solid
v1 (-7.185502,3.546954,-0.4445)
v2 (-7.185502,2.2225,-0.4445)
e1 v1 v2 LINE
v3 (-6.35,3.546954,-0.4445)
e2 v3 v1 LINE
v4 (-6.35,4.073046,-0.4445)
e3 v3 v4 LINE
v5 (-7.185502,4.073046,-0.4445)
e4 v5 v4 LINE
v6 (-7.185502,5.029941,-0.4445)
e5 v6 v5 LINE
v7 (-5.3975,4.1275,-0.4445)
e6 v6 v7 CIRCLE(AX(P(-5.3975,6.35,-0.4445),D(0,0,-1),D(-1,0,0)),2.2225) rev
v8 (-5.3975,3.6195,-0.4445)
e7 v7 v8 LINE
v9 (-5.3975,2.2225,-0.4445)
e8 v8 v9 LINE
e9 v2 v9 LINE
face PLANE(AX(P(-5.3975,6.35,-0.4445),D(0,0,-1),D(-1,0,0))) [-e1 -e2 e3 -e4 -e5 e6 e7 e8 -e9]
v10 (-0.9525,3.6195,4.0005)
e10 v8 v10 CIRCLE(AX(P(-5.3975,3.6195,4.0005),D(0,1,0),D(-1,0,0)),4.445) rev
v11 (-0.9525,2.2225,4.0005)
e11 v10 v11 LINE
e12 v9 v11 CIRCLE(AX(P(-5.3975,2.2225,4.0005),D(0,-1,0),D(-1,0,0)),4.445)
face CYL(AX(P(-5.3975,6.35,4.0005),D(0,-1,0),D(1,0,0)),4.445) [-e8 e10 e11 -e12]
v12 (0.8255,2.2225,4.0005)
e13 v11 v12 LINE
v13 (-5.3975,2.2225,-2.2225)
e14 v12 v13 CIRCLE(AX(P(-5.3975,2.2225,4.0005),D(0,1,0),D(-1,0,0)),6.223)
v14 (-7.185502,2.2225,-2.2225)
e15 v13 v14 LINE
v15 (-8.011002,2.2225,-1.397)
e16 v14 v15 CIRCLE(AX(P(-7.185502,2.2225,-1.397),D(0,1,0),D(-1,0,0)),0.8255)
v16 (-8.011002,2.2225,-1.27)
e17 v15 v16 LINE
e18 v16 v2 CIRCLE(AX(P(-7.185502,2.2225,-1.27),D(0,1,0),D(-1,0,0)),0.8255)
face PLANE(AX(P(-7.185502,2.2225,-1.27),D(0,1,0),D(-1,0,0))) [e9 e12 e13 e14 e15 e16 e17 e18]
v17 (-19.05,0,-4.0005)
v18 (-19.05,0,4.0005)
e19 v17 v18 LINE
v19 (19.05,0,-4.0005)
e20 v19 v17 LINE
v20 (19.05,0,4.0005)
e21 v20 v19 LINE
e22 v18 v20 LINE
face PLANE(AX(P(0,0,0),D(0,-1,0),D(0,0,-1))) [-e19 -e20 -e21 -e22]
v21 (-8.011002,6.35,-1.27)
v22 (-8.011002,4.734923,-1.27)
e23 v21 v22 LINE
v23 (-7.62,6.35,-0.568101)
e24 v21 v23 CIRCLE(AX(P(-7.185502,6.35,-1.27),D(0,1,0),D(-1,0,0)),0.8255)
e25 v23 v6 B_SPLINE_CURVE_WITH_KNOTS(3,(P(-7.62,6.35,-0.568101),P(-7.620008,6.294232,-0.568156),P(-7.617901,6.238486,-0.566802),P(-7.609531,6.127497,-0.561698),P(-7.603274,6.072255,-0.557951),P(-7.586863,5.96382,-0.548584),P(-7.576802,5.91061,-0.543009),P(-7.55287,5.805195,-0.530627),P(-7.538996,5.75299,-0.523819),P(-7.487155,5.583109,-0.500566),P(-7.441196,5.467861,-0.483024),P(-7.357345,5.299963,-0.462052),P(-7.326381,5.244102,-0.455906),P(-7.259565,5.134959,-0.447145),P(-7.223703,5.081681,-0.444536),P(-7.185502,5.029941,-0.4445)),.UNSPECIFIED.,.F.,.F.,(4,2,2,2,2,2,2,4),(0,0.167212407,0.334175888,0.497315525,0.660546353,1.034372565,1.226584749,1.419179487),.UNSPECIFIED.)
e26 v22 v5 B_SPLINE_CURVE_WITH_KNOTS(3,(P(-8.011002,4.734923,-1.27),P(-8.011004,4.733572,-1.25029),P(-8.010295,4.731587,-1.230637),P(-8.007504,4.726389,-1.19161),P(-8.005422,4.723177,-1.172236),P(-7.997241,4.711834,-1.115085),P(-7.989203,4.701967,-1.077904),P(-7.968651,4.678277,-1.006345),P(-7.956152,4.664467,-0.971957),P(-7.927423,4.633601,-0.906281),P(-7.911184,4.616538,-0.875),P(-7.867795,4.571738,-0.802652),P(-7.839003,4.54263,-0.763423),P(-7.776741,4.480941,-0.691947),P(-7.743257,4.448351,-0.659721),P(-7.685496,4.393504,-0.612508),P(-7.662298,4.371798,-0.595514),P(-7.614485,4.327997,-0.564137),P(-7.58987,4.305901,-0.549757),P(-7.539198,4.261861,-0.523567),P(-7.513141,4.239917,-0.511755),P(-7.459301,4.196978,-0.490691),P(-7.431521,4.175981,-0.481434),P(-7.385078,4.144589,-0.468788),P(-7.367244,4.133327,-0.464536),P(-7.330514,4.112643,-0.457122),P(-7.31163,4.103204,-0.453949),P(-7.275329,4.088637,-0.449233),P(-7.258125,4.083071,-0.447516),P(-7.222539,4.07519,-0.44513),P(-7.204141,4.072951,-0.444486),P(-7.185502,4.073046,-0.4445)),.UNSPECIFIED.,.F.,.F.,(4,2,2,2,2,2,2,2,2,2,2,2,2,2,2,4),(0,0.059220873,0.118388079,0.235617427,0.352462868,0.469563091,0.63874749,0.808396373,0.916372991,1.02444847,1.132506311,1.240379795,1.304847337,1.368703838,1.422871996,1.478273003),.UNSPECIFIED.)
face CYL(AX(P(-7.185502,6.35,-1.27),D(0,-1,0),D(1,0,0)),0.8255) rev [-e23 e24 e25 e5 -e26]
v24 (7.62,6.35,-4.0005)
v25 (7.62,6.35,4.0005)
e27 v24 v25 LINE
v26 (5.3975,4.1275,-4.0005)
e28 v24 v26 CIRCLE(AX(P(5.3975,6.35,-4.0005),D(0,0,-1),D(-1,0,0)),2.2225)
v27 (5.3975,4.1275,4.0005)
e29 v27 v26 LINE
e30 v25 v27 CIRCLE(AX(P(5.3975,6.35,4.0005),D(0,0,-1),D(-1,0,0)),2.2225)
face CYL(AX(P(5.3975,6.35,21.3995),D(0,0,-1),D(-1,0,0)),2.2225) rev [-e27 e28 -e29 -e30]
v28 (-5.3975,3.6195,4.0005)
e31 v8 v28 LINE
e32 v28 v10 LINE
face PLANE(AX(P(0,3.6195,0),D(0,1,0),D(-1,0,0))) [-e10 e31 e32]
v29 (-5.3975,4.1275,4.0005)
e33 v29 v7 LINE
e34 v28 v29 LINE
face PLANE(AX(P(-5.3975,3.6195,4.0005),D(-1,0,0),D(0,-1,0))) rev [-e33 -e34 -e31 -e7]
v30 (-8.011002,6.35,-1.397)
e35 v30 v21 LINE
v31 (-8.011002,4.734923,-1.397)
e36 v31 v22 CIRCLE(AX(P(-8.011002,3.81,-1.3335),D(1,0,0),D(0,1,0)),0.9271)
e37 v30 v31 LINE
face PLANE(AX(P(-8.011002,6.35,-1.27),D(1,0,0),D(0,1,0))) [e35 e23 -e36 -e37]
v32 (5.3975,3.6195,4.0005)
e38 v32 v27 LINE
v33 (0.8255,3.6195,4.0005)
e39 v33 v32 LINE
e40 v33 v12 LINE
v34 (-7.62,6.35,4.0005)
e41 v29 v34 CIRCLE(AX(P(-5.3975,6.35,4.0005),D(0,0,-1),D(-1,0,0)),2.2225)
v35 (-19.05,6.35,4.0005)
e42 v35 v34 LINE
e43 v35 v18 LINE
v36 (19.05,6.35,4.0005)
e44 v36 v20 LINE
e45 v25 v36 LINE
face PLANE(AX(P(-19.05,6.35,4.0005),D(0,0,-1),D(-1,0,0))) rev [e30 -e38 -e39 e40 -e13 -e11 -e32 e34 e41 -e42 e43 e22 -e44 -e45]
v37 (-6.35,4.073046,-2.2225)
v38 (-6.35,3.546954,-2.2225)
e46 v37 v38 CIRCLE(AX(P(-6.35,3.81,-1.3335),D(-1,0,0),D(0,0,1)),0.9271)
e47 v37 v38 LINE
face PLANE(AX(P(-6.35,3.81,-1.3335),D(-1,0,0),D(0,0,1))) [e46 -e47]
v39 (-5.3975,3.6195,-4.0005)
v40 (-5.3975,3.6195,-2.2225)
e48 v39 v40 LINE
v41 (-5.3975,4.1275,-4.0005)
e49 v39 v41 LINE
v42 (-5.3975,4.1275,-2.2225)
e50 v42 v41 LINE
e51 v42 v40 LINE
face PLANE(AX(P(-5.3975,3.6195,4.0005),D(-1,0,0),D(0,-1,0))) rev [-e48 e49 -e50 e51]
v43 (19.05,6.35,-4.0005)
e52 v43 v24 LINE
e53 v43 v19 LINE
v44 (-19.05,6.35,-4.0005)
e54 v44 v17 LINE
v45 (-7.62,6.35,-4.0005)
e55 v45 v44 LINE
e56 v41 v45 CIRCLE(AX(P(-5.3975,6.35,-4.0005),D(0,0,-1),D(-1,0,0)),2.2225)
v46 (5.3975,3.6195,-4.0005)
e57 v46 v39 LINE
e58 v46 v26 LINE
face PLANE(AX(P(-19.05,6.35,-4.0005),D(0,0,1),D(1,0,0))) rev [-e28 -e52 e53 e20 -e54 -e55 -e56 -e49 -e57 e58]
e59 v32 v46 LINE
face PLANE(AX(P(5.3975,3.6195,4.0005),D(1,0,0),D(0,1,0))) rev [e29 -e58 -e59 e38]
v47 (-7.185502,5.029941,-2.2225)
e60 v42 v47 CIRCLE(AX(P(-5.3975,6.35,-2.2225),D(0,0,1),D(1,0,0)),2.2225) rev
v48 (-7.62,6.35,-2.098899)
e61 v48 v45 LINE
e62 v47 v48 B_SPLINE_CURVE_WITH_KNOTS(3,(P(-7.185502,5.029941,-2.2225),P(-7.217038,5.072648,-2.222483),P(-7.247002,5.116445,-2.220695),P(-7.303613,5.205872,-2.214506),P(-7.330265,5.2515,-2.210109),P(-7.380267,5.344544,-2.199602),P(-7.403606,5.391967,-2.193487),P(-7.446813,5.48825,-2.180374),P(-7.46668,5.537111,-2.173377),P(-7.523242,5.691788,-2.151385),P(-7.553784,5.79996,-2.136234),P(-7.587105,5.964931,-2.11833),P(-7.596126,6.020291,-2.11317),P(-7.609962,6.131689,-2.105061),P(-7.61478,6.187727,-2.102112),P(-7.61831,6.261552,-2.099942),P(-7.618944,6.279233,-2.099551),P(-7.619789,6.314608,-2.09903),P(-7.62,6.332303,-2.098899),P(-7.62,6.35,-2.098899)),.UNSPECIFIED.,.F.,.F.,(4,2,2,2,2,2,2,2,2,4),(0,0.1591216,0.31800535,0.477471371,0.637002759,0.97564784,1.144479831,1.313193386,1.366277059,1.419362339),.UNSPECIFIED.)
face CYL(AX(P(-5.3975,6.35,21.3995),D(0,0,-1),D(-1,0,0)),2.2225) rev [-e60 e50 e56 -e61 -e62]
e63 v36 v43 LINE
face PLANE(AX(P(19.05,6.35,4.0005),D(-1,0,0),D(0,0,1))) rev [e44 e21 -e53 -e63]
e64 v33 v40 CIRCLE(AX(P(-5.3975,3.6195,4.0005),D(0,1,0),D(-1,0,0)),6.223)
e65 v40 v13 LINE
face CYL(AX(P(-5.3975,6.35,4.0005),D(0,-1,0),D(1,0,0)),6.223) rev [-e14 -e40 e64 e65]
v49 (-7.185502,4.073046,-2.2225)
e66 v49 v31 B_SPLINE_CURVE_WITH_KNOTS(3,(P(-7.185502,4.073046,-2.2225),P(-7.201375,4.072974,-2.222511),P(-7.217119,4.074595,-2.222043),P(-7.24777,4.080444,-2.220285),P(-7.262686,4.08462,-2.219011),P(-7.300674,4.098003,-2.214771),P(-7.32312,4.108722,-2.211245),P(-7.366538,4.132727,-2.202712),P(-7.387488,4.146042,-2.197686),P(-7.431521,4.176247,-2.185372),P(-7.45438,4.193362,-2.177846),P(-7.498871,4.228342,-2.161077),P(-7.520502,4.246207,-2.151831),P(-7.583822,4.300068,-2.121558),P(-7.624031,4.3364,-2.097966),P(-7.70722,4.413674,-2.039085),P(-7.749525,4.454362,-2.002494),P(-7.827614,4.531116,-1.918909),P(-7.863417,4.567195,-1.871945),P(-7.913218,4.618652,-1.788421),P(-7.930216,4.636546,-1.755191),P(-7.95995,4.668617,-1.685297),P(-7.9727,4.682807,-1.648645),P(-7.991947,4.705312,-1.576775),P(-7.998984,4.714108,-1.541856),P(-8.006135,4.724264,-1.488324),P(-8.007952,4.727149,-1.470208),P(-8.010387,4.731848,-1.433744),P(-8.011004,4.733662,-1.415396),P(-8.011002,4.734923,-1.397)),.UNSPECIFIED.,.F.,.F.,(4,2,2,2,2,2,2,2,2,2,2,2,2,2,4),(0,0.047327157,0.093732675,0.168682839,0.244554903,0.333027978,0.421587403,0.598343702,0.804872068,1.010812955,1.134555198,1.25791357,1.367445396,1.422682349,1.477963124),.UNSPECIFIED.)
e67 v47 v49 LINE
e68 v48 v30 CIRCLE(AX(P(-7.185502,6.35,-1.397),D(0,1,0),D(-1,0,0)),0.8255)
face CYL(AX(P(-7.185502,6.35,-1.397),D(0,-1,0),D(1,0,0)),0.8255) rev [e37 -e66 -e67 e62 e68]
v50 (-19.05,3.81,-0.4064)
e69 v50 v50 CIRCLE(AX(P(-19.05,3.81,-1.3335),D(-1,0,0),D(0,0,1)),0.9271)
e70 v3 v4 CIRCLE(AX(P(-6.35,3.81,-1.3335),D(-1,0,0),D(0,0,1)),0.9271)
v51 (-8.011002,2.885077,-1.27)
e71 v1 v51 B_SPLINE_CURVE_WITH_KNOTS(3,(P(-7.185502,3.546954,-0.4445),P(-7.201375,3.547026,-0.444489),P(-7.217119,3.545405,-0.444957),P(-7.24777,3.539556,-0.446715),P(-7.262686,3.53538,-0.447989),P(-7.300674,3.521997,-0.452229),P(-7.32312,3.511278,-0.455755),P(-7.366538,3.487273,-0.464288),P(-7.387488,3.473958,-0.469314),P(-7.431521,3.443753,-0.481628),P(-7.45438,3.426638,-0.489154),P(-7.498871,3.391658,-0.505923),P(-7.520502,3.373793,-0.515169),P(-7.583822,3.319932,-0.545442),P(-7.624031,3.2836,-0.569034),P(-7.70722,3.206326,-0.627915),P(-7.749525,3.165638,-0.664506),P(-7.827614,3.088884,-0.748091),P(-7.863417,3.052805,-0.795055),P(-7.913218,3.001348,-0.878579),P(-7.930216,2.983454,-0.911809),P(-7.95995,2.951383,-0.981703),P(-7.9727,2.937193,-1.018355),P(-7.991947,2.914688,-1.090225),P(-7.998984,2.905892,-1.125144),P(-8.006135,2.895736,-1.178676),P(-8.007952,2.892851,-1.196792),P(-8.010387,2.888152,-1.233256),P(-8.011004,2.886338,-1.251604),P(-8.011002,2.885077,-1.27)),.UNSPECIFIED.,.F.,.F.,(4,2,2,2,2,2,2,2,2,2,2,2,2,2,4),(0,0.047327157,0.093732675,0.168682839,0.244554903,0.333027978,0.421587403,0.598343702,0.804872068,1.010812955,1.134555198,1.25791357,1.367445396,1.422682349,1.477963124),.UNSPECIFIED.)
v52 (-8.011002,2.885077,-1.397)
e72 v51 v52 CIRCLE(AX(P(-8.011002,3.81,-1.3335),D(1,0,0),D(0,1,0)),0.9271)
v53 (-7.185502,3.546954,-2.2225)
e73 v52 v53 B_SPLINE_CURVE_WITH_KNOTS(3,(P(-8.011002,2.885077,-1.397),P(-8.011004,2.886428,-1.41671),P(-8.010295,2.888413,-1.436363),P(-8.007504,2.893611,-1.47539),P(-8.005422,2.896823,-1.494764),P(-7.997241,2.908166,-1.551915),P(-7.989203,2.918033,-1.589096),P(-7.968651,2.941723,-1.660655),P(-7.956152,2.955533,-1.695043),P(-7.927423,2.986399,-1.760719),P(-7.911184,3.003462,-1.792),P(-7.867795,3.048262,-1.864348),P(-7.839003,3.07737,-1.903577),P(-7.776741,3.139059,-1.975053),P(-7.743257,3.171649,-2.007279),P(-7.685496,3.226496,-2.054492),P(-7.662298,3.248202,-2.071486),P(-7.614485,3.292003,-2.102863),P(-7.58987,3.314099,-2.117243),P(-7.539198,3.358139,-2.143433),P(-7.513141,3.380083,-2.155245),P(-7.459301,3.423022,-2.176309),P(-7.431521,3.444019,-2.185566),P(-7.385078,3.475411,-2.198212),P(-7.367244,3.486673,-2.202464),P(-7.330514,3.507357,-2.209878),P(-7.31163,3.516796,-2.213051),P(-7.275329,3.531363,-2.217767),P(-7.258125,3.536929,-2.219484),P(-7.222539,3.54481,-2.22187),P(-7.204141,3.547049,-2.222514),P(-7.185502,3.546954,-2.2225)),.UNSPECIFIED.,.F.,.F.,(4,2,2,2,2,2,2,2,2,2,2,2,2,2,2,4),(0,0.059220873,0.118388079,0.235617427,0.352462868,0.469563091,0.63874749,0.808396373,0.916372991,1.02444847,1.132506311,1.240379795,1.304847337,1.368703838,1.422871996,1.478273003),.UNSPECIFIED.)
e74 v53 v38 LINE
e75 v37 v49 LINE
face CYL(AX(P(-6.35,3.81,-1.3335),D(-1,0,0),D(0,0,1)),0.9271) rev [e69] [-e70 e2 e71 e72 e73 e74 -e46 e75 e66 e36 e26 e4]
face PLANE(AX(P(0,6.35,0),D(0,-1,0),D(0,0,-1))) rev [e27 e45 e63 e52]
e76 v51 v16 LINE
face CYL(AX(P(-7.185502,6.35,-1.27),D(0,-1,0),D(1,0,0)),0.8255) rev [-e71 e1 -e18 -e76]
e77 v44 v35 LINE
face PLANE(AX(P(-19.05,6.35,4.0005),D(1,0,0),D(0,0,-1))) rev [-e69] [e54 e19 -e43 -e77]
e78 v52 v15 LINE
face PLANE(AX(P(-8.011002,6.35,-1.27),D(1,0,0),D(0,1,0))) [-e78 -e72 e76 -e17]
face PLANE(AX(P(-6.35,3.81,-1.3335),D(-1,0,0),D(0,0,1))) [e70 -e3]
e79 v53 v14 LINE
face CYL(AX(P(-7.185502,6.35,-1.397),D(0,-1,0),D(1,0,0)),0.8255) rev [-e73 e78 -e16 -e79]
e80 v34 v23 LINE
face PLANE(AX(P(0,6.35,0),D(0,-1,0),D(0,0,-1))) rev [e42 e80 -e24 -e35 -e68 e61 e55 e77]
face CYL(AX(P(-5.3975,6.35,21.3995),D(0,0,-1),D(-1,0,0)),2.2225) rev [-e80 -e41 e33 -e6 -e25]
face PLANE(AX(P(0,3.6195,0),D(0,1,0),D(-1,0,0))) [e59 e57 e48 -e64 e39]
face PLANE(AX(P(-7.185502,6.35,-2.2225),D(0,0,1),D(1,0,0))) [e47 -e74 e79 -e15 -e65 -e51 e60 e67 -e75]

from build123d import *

# Parameters (mm, degrees)
SKETCH1_W               = 38.1
SKETCH1_H               = 8.001
BOSS_EXTRUDE1_DEPTH     = 6.35
CUT_EXTRUDE1_DEPTH      = 25.4
CUT_EXTRUDE2_DEPTH      = 20.898310393
CUT_EXTRUDE2_DEPTH_BACK = 1.905
CUT_EXTRUDE3_START      = -38.1
SKETCH5_R               = 0.9271
CUT_EXTRUDE3_DEPTH      = 12.7
SKETCH6_W               = 10.795
SKETCH6_H               = 8.001
CUT_EXTRUDE4_DEPTH      = 0.508


with BuildPart() as part:
    # Sketch1 → Boss-Extrude1 (new body)
    with BuildSketch(Plane(origin=(0, 0, 0), x_dir=(1, 0, 0), z_dir=(0, 1, 0))):
        Rectangle(SKETCH1_W, SKETCH1_H)
    extrude(amount=BOSS_EXTRUDE1_DEPTH)

    # Sketch2 → Cut-Extrude1 (cut)
    with BuildSketch(Plane(origin=(0, 0, -4.0005), x_dir=(-1, 0, 0), z_dir=(0, 0, -1))):
        with BuildLine():
            Line((5.3975, 4.1275), (-5.3975, 4.1275))
            ThreePointArc((-5.3975, 4.1275), (-7.62, 6.35), (-5.3975, 8.5725))
            Line((-5.3975, 8.5725), (5.3975, 8.5725))
            ThreePointArc((5.3975, 8.5725), (7.62, 6.35), (5.3975, 4.1275))
        make_face()
    extrude(amount=-CUT_EXTRUDE1_DEPTH, mode=Mode.SUBTRACT)

    # Sketch4 → Cut-Extrude2 (cut, two sides: drawn at the far end of the back side and taken through both)
    with BuildSketch(Plane(origin=(0, 4.1275, 0), x_dir=(1, 0, 0), z_dir=(0, 1, 0)).offset(-CUT_EXTRUDE2_DEPTH_BACK)):
        with BuildLine():
            Line((0.8255, -4.0005), (-0.9525, -4.0005))
            ThreePointArc((-0.9525, -4.0005), (-2.254410358, -0.857410358), (-5.3975, 0.4445))
            Line((-5.3975, 0.4445), (-7.185501788, 0.4445))
            ThreePointArc((-7.185501788, 0.4445), (-7.769218436, 0.686283352), (-8.011001788, 1.27))
            Line((-8.011001788, 1.27), (-8.011001788, 1.397))
            ThreePointArc((-8.011001788, 1.397), (-7.769218436, 1.980716648), (-7.185501788, 2.2225))
            Line((-7.185501788, 2.2225), (-5.3975, 2.2225))
            ThreePointArc((-5.3975, 2.2225), (-0.997174501, 0.399825499), (0.8255, -4.0005))
        make_face()
    extrude(amount=CUT_EXTRUDE2_DEPTH + CUT_EXTRUDE2_DEPTH_BACK, mode=Mode.SUBTRACT)

    # Sketch5 → Cut-Extrude3 (cut)
    with BuildSketch(Plane(origin=(19.05, 0, 0), x_dir=(0, 0, -1), z_dir=(1, 0, 0)).offset(CUT_EXTRUDE3_START)):
        with Locations(Location((1.3335, 3.81, 0), (0, 0, 180))):
            Circle(SKETCH5_R)
    extrude(amount=CUT_EXTRUDE3_DEPTH, mode=Mode.SUBTRACT)

    # Sketch6 → Cut-Extrude4 (cut)
    with BuildSketch(Plane(origin=(0, 4.1275, 0), x_dir=(1, 0, 0), z_dir=(0, 1, 0))):
        Rectangle(SKETCH6_W, SKETCH6_H)
    extrude(amount=-CUT_EXTRUDE4_DEPTH, mode=Mode.SUBTRACT)


solid = part.part
